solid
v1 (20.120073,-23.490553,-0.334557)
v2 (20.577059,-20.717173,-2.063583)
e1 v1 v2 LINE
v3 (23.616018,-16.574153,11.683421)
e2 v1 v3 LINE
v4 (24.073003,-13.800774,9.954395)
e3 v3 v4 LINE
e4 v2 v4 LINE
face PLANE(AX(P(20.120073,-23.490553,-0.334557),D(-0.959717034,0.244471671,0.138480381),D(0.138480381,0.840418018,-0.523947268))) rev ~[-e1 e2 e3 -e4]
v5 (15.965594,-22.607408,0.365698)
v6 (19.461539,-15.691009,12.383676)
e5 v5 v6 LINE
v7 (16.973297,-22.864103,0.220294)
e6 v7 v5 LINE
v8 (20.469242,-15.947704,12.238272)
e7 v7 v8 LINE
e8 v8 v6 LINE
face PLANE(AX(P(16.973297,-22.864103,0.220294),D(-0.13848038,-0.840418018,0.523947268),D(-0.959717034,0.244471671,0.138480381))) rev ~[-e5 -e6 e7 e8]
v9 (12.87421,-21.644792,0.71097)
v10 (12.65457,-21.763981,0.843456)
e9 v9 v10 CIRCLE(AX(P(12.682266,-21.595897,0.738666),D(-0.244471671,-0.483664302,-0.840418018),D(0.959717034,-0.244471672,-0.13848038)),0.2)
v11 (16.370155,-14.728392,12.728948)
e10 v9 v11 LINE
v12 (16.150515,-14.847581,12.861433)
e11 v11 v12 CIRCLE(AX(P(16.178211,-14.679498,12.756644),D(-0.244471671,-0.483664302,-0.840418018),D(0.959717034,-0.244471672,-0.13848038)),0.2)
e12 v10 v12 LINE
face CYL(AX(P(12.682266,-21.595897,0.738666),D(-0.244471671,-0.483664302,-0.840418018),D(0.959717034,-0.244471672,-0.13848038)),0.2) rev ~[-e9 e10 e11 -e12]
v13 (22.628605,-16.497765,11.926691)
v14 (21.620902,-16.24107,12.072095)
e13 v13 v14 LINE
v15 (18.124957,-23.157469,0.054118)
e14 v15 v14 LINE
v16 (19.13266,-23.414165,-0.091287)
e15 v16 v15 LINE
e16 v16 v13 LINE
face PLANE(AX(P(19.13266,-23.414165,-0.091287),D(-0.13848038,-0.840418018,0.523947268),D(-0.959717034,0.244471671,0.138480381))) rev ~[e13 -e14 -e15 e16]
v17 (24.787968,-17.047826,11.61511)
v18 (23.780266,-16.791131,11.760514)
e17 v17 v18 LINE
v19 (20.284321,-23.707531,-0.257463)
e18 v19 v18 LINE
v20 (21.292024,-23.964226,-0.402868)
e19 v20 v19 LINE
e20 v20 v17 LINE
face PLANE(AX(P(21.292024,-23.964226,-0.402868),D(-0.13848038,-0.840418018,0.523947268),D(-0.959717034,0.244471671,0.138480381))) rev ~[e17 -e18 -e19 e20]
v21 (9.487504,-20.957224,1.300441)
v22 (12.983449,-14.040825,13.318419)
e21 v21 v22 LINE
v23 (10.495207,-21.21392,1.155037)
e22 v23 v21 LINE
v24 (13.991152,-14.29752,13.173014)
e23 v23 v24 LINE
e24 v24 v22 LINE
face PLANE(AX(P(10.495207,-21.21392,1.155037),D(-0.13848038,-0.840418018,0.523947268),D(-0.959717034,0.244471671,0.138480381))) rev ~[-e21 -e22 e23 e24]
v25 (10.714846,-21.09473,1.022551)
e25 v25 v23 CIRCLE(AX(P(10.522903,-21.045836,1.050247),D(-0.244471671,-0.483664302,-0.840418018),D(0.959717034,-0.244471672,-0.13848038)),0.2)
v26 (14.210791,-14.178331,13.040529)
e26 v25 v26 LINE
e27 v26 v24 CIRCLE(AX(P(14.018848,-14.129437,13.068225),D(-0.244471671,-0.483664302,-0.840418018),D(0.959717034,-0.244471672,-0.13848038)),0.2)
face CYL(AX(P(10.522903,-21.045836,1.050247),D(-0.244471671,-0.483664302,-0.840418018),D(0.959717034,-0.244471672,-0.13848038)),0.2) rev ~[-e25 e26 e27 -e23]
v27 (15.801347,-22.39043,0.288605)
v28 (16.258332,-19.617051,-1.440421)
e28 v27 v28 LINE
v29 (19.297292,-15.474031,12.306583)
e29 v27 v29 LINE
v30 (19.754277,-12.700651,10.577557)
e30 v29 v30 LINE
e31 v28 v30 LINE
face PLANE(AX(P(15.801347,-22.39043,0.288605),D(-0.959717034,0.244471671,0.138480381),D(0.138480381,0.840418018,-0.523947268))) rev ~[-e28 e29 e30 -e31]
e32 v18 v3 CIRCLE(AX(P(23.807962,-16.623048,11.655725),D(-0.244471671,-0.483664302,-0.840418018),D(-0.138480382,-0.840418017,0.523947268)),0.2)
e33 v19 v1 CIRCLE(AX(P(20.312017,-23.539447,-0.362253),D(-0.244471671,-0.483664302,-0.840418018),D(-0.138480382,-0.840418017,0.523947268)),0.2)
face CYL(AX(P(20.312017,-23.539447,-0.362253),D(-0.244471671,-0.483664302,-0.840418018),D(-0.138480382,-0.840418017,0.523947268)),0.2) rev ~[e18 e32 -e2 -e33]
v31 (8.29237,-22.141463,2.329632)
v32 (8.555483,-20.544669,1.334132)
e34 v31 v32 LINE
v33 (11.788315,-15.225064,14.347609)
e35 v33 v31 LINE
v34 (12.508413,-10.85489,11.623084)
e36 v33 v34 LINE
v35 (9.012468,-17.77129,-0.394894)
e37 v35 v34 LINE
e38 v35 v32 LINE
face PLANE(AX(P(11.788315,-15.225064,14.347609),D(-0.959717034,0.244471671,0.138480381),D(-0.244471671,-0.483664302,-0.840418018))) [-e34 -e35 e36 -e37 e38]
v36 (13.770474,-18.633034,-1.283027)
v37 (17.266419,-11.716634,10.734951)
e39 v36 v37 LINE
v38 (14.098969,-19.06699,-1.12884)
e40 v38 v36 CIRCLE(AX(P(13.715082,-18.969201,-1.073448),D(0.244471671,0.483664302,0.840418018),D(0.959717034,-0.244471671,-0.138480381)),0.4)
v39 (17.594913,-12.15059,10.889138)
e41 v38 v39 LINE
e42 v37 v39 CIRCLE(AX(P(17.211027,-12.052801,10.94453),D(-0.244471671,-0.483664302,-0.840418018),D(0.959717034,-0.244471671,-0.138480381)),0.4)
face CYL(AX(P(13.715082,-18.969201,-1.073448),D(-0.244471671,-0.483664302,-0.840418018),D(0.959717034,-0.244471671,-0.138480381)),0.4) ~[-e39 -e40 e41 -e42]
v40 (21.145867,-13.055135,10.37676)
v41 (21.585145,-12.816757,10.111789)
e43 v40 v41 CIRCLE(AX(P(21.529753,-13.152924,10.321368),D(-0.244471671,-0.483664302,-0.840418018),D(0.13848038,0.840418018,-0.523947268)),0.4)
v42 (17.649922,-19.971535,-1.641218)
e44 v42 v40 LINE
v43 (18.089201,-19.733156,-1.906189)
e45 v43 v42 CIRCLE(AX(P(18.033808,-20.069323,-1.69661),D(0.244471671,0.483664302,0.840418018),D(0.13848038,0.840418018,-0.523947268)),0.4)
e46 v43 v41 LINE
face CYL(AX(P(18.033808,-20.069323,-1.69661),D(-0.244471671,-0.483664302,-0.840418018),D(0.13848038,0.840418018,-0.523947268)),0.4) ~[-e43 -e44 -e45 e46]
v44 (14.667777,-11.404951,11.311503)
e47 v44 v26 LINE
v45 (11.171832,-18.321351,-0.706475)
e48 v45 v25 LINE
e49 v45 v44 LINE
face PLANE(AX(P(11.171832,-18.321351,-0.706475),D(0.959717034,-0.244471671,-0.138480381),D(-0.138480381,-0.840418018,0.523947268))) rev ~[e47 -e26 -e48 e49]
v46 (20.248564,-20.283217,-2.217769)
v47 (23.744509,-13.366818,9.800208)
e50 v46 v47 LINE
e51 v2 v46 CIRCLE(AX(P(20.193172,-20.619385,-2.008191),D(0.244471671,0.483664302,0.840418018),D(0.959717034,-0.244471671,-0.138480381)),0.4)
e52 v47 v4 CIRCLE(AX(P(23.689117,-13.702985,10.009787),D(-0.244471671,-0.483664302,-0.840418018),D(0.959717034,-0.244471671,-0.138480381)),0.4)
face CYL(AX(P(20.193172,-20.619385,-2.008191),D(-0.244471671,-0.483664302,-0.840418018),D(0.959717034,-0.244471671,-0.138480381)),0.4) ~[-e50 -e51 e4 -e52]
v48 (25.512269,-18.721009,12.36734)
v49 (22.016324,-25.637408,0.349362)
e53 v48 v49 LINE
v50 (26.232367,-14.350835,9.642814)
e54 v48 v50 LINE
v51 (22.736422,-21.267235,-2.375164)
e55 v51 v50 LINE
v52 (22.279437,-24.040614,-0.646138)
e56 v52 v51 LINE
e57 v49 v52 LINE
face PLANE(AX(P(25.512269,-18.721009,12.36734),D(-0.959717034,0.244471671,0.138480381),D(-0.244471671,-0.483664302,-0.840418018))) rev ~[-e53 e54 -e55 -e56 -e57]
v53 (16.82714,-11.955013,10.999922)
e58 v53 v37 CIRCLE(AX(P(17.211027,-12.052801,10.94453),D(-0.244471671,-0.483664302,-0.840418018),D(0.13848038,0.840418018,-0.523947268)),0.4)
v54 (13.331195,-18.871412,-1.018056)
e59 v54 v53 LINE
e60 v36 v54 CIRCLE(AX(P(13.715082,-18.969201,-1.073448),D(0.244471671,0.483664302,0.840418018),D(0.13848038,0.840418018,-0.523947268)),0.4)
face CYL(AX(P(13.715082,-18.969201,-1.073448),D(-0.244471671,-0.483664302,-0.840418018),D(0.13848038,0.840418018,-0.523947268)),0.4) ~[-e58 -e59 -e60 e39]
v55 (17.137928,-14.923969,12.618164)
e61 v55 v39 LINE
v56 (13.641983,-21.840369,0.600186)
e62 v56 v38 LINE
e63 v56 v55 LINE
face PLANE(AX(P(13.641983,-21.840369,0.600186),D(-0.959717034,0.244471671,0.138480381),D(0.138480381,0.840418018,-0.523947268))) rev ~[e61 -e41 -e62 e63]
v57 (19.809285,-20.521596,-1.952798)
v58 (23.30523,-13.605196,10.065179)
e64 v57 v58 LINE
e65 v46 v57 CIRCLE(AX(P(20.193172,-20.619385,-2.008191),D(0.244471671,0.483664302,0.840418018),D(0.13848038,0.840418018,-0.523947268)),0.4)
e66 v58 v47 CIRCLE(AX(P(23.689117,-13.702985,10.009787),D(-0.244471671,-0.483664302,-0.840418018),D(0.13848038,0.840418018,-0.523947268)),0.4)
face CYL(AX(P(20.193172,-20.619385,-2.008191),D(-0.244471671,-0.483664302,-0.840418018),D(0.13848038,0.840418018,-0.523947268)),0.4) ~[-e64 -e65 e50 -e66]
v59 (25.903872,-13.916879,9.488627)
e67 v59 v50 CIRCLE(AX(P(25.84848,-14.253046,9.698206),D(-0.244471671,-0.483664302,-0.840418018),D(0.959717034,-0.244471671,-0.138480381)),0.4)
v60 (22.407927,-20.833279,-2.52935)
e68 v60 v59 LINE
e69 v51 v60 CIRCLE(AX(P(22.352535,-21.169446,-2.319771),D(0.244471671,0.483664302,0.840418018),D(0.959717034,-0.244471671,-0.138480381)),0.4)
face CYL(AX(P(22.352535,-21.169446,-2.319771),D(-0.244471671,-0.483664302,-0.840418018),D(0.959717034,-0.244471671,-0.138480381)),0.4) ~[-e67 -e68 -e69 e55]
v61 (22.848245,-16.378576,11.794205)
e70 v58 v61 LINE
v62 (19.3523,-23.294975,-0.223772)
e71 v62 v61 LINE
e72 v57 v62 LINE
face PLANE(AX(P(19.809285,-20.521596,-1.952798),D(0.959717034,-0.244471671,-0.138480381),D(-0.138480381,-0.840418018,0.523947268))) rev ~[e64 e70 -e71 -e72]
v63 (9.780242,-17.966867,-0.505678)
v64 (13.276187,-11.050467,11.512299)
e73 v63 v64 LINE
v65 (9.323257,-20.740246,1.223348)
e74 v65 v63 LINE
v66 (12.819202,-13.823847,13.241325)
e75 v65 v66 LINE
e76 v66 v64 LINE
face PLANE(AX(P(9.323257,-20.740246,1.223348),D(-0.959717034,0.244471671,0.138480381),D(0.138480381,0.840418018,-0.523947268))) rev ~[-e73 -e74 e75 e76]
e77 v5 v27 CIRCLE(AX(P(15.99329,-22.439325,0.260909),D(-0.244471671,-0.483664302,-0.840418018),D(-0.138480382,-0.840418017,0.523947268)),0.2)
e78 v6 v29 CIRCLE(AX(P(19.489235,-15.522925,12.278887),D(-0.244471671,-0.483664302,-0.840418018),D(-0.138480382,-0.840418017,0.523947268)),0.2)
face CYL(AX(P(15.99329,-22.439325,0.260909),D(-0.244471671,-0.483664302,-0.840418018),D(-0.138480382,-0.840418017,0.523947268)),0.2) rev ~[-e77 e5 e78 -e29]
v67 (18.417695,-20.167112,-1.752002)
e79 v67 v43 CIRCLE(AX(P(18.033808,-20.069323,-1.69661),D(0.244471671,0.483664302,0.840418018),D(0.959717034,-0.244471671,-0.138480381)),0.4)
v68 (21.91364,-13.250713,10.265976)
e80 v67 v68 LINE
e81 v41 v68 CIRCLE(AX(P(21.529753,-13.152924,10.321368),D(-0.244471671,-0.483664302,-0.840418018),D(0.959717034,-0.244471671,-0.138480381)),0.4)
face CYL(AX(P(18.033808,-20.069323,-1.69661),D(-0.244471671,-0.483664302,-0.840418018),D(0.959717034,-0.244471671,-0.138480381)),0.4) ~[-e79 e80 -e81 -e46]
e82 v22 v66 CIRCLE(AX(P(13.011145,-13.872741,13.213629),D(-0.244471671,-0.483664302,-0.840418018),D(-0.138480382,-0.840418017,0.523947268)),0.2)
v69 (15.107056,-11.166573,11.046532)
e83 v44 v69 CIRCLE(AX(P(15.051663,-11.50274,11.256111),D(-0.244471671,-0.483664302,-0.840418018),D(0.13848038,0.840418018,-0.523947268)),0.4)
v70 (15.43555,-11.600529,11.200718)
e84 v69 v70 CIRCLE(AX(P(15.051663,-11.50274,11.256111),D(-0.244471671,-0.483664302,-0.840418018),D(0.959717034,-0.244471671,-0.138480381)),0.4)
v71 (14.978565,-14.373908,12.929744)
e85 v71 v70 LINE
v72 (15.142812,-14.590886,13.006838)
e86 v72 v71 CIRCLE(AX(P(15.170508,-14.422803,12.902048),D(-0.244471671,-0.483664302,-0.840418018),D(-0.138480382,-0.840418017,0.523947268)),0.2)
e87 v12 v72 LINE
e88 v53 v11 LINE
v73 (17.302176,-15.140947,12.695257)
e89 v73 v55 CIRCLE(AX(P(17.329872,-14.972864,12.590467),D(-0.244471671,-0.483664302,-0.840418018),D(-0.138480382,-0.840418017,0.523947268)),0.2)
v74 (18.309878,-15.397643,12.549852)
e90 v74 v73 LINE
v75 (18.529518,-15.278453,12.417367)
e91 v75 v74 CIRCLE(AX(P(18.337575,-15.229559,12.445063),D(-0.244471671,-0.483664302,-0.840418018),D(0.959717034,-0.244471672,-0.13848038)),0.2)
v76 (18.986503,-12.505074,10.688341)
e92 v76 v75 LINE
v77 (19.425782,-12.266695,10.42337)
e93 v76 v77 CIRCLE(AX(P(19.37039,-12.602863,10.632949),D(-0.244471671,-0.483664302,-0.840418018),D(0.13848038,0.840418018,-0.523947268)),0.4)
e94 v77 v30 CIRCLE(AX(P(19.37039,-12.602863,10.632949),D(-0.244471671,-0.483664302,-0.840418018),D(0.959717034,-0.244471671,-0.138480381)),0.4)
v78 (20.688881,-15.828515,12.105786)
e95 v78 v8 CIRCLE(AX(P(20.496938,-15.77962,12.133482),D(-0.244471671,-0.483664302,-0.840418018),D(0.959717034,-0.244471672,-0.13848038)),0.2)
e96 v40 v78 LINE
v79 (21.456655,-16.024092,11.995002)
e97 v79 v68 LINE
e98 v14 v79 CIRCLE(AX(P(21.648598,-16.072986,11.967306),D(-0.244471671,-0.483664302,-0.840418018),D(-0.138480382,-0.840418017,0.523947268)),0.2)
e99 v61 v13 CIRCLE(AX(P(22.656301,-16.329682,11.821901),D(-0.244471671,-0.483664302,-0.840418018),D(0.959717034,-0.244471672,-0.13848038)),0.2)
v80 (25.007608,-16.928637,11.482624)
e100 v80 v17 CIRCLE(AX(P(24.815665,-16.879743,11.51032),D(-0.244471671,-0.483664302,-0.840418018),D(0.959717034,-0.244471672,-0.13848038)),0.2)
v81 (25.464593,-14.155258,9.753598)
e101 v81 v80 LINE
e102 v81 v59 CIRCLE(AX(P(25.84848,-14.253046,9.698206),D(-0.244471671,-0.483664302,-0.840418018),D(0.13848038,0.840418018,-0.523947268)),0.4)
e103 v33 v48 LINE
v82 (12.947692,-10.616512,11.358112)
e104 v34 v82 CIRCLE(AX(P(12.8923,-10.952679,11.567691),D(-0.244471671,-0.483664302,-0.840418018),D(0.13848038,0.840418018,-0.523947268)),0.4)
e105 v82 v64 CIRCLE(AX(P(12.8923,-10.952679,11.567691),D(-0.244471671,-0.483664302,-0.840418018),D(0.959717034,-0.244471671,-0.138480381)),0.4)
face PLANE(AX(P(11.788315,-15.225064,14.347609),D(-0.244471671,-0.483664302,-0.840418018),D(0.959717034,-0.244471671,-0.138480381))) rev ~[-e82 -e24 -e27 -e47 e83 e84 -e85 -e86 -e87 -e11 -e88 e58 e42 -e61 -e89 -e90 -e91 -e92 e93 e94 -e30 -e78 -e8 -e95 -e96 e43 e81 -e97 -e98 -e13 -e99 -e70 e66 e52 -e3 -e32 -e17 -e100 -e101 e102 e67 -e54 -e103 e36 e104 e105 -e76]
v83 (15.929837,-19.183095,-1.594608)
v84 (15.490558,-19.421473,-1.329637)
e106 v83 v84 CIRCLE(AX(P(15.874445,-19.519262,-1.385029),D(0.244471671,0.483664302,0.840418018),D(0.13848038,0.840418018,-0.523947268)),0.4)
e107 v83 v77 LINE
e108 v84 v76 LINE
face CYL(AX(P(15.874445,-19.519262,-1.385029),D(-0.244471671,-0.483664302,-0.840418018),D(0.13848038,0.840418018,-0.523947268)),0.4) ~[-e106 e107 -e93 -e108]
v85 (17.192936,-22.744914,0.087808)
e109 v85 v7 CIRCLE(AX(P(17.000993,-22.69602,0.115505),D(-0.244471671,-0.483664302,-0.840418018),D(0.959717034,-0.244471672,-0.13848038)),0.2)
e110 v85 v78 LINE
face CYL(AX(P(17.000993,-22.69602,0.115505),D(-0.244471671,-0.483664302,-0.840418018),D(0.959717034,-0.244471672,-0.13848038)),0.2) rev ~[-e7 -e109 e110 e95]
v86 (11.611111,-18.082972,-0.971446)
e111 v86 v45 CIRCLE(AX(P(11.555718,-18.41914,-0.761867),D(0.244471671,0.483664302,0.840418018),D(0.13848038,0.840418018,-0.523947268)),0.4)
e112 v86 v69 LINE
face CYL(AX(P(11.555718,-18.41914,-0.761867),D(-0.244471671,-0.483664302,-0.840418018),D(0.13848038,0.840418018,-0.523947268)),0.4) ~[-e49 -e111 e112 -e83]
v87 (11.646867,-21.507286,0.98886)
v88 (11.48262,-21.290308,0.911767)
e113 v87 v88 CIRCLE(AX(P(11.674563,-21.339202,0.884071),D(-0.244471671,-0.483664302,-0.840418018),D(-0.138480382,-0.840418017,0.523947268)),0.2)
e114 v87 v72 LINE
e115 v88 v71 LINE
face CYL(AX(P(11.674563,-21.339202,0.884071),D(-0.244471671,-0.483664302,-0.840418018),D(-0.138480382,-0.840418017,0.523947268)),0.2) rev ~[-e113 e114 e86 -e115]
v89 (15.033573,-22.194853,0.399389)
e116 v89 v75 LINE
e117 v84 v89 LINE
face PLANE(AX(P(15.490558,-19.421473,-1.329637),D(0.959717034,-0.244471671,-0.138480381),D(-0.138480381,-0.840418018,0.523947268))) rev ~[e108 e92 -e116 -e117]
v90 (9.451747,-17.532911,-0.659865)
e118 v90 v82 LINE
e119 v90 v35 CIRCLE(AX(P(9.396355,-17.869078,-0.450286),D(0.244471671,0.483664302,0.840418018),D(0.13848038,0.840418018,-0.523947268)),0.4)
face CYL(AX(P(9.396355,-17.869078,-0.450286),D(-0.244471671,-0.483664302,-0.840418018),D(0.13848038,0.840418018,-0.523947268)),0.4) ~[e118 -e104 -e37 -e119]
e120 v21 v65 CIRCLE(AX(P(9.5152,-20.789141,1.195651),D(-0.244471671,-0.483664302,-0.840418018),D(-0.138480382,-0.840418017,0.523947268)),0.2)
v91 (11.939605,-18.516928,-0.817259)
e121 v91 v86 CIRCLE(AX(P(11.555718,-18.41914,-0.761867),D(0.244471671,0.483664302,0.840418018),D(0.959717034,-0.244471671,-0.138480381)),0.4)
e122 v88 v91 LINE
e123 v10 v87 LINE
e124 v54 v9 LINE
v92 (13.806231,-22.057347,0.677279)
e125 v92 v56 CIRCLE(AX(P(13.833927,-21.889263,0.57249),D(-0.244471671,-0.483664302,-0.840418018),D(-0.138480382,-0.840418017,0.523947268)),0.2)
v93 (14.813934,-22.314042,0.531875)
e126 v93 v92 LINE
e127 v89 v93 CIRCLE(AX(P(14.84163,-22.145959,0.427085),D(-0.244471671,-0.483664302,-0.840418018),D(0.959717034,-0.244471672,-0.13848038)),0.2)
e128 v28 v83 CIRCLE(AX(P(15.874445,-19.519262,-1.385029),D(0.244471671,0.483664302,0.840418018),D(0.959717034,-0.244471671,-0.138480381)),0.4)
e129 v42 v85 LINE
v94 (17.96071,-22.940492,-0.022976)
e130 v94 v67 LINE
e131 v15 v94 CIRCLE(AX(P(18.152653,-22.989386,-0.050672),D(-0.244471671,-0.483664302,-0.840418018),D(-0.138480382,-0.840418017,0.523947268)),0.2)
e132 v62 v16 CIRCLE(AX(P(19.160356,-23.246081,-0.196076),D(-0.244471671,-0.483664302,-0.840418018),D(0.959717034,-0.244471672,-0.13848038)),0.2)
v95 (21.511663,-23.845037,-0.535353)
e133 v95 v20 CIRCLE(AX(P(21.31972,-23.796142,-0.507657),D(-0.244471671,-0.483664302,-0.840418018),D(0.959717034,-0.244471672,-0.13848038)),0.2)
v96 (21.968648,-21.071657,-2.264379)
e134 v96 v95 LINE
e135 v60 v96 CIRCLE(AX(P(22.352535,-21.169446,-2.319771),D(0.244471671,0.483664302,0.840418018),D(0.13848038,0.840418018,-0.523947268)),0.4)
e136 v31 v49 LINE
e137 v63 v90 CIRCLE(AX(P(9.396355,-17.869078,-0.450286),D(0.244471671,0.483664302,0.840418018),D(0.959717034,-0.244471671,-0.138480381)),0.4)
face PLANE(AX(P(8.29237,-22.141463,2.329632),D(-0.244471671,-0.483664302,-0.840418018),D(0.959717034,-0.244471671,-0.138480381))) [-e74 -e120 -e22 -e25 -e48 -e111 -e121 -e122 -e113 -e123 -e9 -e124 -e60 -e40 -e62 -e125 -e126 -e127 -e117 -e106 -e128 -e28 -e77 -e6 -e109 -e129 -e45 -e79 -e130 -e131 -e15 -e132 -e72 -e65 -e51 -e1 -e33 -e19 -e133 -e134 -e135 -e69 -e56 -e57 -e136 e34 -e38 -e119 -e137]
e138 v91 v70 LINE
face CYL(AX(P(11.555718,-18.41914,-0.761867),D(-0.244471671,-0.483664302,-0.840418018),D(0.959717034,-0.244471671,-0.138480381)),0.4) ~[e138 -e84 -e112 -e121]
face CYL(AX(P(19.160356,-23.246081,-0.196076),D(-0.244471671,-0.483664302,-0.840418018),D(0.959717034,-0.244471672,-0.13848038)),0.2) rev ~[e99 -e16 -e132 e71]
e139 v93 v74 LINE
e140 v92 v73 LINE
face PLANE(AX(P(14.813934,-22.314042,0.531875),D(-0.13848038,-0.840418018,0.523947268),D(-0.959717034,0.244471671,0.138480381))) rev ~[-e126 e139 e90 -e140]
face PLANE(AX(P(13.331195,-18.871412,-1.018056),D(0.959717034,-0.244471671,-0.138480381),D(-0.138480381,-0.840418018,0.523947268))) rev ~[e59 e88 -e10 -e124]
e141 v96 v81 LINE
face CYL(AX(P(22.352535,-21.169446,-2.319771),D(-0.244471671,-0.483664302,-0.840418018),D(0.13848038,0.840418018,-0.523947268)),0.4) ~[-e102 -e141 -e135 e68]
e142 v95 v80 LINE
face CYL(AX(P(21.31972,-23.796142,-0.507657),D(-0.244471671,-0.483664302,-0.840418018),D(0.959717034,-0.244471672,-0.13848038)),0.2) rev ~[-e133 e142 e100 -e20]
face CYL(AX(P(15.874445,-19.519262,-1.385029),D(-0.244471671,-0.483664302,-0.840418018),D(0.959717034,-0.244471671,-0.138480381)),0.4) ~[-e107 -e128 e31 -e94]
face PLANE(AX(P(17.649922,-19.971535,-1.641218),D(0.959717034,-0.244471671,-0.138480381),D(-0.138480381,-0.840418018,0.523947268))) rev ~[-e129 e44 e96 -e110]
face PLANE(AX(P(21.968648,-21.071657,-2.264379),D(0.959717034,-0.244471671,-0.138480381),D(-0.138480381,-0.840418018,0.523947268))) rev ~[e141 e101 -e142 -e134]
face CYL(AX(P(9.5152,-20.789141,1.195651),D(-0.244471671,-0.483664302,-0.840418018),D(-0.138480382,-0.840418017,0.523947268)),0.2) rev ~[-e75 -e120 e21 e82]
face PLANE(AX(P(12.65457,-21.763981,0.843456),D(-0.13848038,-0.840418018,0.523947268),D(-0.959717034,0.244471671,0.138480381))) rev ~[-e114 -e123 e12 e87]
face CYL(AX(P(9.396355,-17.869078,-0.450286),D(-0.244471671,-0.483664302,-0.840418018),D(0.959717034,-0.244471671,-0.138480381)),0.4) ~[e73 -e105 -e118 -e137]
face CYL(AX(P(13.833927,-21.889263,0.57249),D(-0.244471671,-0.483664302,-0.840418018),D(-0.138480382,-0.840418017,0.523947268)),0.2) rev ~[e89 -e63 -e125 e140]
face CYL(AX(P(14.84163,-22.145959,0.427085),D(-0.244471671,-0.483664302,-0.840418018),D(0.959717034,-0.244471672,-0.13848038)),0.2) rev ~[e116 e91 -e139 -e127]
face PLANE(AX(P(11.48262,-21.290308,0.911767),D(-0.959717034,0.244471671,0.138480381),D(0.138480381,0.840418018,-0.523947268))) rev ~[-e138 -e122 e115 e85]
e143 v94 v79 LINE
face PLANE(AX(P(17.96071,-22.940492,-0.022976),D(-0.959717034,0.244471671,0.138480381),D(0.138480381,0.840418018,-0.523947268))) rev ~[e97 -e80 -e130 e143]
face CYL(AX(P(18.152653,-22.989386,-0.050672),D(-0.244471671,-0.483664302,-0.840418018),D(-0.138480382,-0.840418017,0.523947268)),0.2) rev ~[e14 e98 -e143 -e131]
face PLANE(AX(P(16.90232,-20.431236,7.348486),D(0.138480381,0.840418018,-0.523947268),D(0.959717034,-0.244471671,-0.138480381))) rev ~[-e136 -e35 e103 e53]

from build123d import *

# Parameters (mm, degrees)
SKETCH2_W           = 14.3
SKETCH2_H           = 14.3
BOSS_EXTRUDE1_DEPTH = 5.6
CUT_EXTRUDE2_DEPTH  = 17.5
LPATTERN1_COUNT     = 5
LPATTERN1_PITCH     = 2.25
LPATTERN1_COL_COUNT = 4
LPATTERN1_COL_PITCH = 2.25


with BuildPart() as part:
    # Sketch2 → Boss-Extrude1 (new body)
    with BuildSketch(Plane(origin=(-2.586863131, -15.699309697, 9.787522701), x_dir=(0.9597170343404154, -0.24447167145746004, -0.13848038074627608), z_dir=(0.13848038074627628, 0.8404180176603395, -0.5239472680912))):
        with Locations((20.198681335, -0.426078635)):
            Rectangle(SKETCH2_W, SKETCH2_H)
    extrude(amount=BOSS_EXTRUDE1_DEPTH)

    # Sketch3 → Cut-Extrude2 (cut)
    with BuildSketch(Plane(origin=(-1.643808295, -3.252120737, -5.650904665), x_dir=(-0.9696564349576585, 0.12194238719709705, 0.21188782964077374), z_dir=(-0.24447167145746004, -0.4836643024316157, -0.8404180176603393))):
        with BuildLine():
            Line((-17.670554194, -16.169704918), (-17.199268448, -19.435878481))
            ThreePointArc((-17.199268448, -19.435878481), (-17.121093331, -19.567484364), (-16.972755762, -19.605265621))
            Line((-16.972755762, -19.605265621), (-15.93351872, -19.455311066))
            ThreePointArc((-15.93351872, -19.455311066), (-15.801912836, -19.377135948), (-15.764131579, -19.22879838))
            Line((-15.764131579, -19.22879838), (-16.235417325, -15.962624817))
            ThreePointArc((-16.235417325, -15.962624817), (-16.159854811, -15.665949681), (-15.896643044, -15.509599446))
            Line((-15.896643044, -15.509599446), (-18.123579565, -15.830930637))
            ThreePointArc((-18.123579565, -15.830930637), (-17.826904429, -15.906493151), (-17.670554194, -16.169704918))
        make_face()
    cut_extrude2 = extrude(amount=-CUT_EXTRUDE2_DEPTH, mode=Mode.SUBTRACT)

    # LPattern1: Cut-Extrude2 ×5
    with Locations(*[Vector(0.9597170343404154, -0.24447167145746015, -0.138480380746276) * (i * LPATTERN1_PITCH) for i in range(1, LPATTERN1_COUNT)]):
        add(cut_extrude2, mode=Mode.SUBTRACT)

    # LPattern1 col: Cut-Extrude2 ×4
    with Locations(*[Vector(-0.9597170343404154, 0.2444716714574598, 0.13848038074627622) * (i * LPATTERN1_COL_PITCH) for i in range(1, LPATTERN1_COL_COUNT)]):
        add(cut_extrude2, mode=Mode.SUBTRACT)


solid = part.part
